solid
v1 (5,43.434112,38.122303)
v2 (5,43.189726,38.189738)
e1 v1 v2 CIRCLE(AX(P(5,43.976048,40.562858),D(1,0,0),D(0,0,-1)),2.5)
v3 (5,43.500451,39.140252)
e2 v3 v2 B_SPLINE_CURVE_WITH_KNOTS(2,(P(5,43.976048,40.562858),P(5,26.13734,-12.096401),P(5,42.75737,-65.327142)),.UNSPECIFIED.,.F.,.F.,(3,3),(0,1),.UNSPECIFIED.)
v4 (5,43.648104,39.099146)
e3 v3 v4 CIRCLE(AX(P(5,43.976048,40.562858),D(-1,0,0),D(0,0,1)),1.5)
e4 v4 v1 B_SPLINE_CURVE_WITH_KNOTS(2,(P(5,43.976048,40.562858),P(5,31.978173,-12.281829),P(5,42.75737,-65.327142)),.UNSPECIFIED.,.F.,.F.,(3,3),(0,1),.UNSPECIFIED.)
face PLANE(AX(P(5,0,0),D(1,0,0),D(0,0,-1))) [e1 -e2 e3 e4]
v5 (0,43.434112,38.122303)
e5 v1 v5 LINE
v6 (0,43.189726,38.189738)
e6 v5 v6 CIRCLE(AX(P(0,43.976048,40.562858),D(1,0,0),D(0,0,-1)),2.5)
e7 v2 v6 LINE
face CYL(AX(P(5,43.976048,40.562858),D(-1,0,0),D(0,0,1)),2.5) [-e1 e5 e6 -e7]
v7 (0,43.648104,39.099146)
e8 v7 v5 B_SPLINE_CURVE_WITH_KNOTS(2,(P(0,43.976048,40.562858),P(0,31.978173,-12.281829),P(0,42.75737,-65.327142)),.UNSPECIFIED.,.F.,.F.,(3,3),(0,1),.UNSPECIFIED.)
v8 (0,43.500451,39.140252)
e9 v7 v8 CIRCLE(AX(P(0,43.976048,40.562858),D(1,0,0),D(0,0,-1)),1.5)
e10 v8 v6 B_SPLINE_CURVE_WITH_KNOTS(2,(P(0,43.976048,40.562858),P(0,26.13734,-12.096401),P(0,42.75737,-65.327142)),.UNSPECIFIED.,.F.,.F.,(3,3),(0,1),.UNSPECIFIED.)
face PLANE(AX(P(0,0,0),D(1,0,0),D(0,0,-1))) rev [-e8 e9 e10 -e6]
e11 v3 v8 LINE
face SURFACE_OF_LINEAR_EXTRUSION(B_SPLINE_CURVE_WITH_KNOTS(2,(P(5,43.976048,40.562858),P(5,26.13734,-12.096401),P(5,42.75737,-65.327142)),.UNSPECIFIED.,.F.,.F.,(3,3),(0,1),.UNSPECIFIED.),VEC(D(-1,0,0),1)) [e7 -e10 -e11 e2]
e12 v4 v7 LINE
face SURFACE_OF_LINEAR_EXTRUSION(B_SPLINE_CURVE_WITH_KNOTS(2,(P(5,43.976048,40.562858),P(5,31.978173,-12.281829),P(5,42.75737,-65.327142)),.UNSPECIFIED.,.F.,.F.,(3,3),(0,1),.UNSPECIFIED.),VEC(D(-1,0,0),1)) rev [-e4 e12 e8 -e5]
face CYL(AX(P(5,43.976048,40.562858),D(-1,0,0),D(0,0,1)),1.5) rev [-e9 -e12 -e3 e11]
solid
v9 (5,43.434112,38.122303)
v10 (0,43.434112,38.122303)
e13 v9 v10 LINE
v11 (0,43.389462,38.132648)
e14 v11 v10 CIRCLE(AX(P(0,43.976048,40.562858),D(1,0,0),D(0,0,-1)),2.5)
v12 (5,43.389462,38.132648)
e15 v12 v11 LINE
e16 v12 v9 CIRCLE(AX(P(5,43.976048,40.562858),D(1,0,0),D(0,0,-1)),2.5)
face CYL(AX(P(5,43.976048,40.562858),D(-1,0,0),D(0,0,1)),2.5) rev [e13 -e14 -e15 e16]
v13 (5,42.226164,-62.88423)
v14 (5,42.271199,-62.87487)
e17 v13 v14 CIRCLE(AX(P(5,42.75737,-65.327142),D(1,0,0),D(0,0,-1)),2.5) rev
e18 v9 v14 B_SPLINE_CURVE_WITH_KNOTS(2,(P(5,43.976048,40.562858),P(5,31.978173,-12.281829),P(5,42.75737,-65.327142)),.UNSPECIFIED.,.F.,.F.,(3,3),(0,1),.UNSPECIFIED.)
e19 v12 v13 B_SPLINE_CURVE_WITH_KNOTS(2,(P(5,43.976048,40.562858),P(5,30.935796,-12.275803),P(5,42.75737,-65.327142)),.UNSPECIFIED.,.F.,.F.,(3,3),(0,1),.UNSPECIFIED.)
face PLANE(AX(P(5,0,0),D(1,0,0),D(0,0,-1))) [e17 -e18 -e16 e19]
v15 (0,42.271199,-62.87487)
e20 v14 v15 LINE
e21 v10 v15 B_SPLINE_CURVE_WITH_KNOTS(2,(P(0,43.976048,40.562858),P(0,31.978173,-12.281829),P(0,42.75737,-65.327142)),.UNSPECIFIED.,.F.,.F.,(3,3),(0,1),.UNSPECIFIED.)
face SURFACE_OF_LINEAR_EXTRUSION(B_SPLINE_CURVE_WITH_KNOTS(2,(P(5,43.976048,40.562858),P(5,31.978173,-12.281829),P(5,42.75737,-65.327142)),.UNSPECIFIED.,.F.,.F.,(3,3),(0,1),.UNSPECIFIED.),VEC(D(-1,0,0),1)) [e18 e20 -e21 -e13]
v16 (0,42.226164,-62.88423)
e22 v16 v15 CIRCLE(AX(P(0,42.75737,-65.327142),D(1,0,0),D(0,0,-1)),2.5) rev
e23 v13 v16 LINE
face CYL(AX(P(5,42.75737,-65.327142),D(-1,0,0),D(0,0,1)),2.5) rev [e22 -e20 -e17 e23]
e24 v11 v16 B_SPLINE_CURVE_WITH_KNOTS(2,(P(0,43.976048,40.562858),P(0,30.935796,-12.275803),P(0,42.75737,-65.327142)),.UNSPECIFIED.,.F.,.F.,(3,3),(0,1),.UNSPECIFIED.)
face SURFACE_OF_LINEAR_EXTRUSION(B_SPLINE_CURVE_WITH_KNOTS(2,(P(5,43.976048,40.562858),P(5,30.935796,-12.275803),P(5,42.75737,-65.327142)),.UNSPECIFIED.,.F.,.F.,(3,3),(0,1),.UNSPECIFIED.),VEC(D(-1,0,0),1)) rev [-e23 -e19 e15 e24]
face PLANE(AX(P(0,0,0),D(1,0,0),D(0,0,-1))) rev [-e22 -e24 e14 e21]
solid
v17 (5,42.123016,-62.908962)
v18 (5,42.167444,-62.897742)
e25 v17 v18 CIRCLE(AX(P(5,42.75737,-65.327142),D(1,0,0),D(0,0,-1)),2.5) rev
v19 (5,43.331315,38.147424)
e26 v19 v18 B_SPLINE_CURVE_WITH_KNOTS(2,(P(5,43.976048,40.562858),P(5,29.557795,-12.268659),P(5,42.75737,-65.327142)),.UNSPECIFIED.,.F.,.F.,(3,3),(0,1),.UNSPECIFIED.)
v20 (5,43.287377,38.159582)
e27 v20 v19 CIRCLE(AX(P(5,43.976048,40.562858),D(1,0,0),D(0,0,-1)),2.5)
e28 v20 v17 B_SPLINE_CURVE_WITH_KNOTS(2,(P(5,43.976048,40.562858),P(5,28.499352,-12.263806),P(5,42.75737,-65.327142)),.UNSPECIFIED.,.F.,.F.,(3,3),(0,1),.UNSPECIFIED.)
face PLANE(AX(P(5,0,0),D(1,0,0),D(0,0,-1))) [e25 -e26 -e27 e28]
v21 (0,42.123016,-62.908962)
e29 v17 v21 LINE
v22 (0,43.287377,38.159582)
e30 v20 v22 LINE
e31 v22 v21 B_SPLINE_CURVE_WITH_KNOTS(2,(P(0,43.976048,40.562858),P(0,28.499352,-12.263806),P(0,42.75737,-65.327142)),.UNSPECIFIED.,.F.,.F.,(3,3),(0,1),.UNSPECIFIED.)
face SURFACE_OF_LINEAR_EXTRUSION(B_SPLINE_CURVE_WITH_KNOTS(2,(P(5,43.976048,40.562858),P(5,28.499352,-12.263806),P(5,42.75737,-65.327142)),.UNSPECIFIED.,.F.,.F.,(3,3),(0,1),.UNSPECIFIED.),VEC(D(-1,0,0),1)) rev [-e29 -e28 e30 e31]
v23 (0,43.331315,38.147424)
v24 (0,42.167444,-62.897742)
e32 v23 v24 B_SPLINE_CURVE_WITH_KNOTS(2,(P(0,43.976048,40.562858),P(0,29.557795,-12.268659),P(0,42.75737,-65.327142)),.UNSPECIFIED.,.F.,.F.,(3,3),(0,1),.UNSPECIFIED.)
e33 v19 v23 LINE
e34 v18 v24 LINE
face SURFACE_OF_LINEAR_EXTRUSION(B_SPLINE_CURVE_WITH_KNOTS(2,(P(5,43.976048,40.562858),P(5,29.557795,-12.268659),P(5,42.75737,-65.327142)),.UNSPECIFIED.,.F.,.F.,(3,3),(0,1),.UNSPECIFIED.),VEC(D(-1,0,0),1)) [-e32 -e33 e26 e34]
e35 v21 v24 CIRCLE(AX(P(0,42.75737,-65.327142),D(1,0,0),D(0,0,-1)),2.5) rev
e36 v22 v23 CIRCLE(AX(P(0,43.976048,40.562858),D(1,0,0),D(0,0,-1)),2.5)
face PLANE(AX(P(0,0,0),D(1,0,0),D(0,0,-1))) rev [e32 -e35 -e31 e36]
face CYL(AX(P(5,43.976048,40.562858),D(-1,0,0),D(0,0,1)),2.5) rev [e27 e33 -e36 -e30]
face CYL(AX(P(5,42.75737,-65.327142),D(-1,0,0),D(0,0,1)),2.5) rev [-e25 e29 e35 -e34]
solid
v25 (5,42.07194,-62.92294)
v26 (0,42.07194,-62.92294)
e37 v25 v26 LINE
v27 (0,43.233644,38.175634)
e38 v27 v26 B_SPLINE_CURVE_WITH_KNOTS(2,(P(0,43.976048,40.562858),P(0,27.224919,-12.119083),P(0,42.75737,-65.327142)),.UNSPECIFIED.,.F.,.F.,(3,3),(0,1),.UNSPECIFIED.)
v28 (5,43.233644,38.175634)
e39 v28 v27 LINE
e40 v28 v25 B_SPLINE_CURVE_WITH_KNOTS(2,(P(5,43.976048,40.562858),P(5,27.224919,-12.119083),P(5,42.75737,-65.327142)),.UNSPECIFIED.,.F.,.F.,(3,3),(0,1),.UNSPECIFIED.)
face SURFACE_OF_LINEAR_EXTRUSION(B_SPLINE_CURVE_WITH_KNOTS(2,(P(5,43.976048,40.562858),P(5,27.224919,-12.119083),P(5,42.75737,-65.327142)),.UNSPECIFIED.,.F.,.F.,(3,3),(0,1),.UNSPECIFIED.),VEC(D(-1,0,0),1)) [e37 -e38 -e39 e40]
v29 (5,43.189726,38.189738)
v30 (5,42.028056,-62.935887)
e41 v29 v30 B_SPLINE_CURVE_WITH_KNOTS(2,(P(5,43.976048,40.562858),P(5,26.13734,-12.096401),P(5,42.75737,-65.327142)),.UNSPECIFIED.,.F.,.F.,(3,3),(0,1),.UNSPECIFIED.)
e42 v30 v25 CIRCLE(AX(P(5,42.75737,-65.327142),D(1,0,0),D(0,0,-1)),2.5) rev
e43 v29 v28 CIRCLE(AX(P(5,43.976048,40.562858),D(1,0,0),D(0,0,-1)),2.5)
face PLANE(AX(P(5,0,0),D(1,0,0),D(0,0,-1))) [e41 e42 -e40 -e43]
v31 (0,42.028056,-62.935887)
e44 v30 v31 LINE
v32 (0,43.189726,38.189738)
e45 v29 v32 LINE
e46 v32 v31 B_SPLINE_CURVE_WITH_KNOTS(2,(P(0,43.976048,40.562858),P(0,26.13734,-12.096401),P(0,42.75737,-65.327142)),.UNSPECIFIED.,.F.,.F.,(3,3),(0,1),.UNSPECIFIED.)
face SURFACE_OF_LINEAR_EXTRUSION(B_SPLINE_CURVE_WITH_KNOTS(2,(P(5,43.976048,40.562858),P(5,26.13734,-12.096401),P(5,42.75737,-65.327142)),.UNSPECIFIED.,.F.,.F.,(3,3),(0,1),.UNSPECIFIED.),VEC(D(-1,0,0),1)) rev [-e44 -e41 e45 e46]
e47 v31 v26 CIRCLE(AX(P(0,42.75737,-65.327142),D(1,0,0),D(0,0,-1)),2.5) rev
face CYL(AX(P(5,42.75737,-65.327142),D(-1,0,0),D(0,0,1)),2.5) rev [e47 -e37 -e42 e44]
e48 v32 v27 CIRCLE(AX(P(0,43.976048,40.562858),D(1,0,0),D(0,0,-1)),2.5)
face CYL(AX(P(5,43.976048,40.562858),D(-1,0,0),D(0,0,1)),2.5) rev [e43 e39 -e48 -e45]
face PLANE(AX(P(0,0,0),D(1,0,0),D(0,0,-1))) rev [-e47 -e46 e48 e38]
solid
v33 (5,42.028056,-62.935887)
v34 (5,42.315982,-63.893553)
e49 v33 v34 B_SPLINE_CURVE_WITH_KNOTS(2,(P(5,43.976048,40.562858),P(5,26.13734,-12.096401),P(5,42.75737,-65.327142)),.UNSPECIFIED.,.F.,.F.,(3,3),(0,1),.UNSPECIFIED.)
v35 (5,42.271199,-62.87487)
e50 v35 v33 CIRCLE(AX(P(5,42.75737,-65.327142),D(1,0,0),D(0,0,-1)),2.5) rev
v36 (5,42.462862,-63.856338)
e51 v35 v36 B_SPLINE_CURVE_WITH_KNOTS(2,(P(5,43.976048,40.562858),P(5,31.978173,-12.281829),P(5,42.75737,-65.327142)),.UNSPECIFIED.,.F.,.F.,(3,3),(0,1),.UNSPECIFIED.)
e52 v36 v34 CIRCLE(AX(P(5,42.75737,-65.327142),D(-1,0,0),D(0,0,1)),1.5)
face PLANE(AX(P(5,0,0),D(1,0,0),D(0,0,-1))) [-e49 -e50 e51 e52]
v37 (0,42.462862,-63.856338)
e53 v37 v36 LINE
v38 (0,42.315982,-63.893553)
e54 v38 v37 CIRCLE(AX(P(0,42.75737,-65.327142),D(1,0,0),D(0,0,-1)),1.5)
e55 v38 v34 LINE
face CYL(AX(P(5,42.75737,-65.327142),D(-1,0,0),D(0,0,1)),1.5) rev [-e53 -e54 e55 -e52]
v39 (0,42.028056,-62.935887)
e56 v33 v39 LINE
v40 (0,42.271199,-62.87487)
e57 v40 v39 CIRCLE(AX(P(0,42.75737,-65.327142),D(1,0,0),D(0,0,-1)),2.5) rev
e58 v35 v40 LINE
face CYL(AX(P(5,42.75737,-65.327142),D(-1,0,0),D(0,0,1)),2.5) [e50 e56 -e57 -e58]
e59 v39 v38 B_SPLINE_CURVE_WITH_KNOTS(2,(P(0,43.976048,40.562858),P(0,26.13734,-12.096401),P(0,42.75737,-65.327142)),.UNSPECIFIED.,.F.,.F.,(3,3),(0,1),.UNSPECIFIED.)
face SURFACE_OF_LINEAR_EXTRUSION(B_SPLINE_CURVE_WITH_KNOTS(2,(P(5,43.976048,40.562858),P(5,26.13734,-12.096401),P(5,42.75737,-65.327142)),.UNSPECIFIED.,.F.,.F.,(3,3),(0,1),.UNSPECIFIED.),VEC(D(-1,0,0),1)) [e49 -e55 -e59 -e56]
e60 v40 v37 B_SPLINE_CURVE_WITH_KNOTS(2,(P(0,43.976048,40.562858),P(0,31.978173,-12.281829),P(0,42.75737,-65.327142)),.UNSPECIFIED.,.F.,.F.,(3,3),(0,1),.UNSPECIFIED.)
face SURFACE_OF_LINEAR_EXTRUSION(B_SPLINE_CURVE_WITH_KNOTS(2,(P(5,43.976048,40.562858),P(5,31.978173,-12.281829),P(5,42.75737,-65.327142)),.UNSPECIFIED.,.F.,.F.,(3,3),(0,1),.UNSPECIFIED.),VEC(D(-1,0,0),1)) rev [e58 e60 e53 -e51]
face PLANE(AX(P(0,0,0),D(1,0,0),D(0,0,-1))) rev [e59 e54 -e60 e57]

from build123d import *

# Parameters (mm, degrees)
BOSS_EXTRUDE1_DEPTH   = 5
BOSS_EXTRUDE1_2_DEPTH = 5
BOSS_EXTRUDE1_3_DEPTH = 5
BOSS_EXTRUDE1_4_DEPTH = 5
BOSS_EXTRUDE1_5_DEPTH = 5
SKETCH2_R             = 1.5
CUT_EXTRUDE1_DEPTH    = 5
SKETCH3_R             = 1.5
CUT_EXTRUDE2_DEPTH    = 5


with BuildPart() as part:
    # Sketch1 → Boss-Extrude1 (new body)
    with BuildSketch(Plane(origin=(0, 0, 0), x_dir=(0, 0, -1), z_dir=(1, 0, 0))):
        with BuildLine():
            ThreePointArc((-38.122303186, 43.434112385), (-42.972794517, 44.641032213), (-38.189737765, 43.189725997))
            add(Edge.make_bspline(
                [(-40.562857582, 43.976048027), (-39.376442717, 43.574141343), (-38.189737765, 43.189725997)],
                knots=[0, 0, 0, 0.022530034, 0.022530034, 0.022530034], degree=2))
            add(Edge.make_bspline(
                [(-40.562857582, 43.976048027), (-39.342633869, 43.699008033), (-38.122303186, 43.434112385)],
                knots=[0, 0, 0, 0.023090755, 0.023090755, 0.023090755], degree=2))
        make_face()
    extrude(amount=BOSS_EXTRUDE1_DEPTH)

    # Sketch3 → Cut-Extrude2 (cut)
    with BuildSketch(Plane.ZY):
        with Locations((40.562857582, 43.976048027)):
            Circle(SKETCH3_R)
    extrude(amount=-CUT_EXTRUDE2_DEPTH, mode=Mode.SUBTRACT)


with BuildPart() as body_2:
    # Sketch1 → Boss-Extrude1 2 (new body)
    with BuildSketch(Plane(origin=(0, 0, 0), x_dir=(0, 0, -1), z_dir=(1, 0, 0))):
        with BuildLine():
            ThreePointArc((-38.175634118, 43.233643736), (-38.18258465, 43.211652338), (-38.189737765, 43.189725997))
            add(Edge.make_bspline(
                [(-38.189737765, 43.189725997), (12.112467762, 26.895077773), (62.935887165, 42.028055975)],
                knots=[0.022530034, 0.022530034, 0.022530034, 0.977536067, 0.977536067, 0.977536067], degree=2))
            ThreePointArc((62.935887165, 42.028055975), (62.929313429, 42.049968592), (62.922940487, 42.071940447))
            add(Edge.make_bspline(
                [(-38.175634118, 43.233643736), (12.133861989, 27.938763262), (62.922940487, 42.071940447)],
                knots=[0.02265438, 0.02265438, 0.02265438, 0.977405016, 0.977405016, 0.977405016], degree=2))
        make_face()
    extrude(amount=BOSS_EXTRUDE1_2_DEPTH)


with BuildPart() as body_3:
    # Sketch1 → Boss-Extrude1 3 (new body)
    with BuildSketch(Plane(origin=(0, 0, 0), x_dir=(0, 0, -1), z_dir=(1, 0, 0))):
        with BuildLine():
            add(Edge.make_bspline(
                [(-38.122303186, 43.434112385), (12.28502649, 32.492256674), (62.874870389, 42.27119892)],
                knots=[0.023090755, 0.023090755, 0.023090755, 0.97688411, 0.97688411, 0.97688411], degree=2))
            ThreePointArc((-38.122303186, 43.434112385), (-38.127373449, 43.411763489), (-38.132648364, 43.389462009))
            add(Edge.make_bspline(
                [(-38.132648364, 43.389462009), (12.279014036, 31.494728117), (62.884230024, 42.226164301)],
                knots=[0.022995442, 0.022995442, 0.022995442, 0.976974897, 0.976974897, 0.976974897], degree=2))
            ThreePointArc((62.884230024, 42.226164301), (62.879446631, 42.248660084), (62.874870389, 42.27119892))
        make_face()
    extrude(amount=BOSS_EXTRUDE1_3_DEPTH)


with BuildPart() as body_4:
    # Sketch1 → Boss-Extrude1 4 (new body)
    with BuildSketch(Plane(origin=(0, 0, 0), x_dir=(0, 0, -1), z_dir=(1, 0, 0))):
        with BuildLine():
            add(Edge.make_bspline(
                [(62.935887165, 42.028055975), (64.131370598, 42.384018344), (65.327142418, 42.757369565)],
                knots=[0.977536067, 0.977536067, 0.977536067, 1, 1, 1], degree=2))
            ThreePointArc((62.935887165, 42.028055975), (67.751955557, 43.365876955), (62.874870389, 42.27119892))
            add(Edge.make_bspline(
                [(62.874870389, 42.27119892), (64.100952802, 42.508198843), (65.327142418, 42.757369565)],
                knots=[0.97688411, 0.97688411, 0.97688411, 1, 1, 1], degree=2))
        make_face()
    extrude(amount=BOSS_EXTRUDE1_4_DEPTH)

    # Sketch2 → Cut-Extrude1 (cut)
    with BuildSketch(Plane.ZY):
        with Locations((-65.327142418, 42.757369565)):
            Circle(SKETCH2_R)
    extrude(amount=-CUT_EXTRUDE1_DEPTH, mode=Mode.SUBTRACT)


with BuildPart() as body_5:
    # Sketch1 → Boss-Extrude1 5 (new body)
    with BuildSketch(Plane(origin=(0, 0, 0), x_dir=(0, 0, -1), z_dir=(1, 0, 0))):
        with BuildLine():
            ThreePointArc((-38.147423994, 43.331315072), (-38.15340299, 43.30931827), (-38.159582301, 43.287376899))
            add(Edge.make_bspline(
                [(-38.159582301, 43.287376899), (12.266884665, 29.160914613), (62.908962274, 42.12301573)],
                knots=[0.022745643, 0.022745643, 0.022745643, 0.977213051, 0.977213051, 0.977213051], degree=2))
            ThreePointArc((62.908962274, 42.12301573), (62.903250135, 42.145204392), (62.89774159, 42.167444473))
            add(Edge.make_bspline(
                [(-38.147423994, 43.331315072), (12.271822374, 30.175168393), (62.89774159, 42.167444473)],
                knots=[0.022858657, 0.022858657, 0.022858657, 0.977105265, 0.977105265, 0.977105265], degree=2))
        make_face()
    extrude(amount=BOSS_EXTRUDE1_5_DEPTH)


solid = Compound([part.part, body_2.part, body_3.part, body_4.part, body_5.part])
